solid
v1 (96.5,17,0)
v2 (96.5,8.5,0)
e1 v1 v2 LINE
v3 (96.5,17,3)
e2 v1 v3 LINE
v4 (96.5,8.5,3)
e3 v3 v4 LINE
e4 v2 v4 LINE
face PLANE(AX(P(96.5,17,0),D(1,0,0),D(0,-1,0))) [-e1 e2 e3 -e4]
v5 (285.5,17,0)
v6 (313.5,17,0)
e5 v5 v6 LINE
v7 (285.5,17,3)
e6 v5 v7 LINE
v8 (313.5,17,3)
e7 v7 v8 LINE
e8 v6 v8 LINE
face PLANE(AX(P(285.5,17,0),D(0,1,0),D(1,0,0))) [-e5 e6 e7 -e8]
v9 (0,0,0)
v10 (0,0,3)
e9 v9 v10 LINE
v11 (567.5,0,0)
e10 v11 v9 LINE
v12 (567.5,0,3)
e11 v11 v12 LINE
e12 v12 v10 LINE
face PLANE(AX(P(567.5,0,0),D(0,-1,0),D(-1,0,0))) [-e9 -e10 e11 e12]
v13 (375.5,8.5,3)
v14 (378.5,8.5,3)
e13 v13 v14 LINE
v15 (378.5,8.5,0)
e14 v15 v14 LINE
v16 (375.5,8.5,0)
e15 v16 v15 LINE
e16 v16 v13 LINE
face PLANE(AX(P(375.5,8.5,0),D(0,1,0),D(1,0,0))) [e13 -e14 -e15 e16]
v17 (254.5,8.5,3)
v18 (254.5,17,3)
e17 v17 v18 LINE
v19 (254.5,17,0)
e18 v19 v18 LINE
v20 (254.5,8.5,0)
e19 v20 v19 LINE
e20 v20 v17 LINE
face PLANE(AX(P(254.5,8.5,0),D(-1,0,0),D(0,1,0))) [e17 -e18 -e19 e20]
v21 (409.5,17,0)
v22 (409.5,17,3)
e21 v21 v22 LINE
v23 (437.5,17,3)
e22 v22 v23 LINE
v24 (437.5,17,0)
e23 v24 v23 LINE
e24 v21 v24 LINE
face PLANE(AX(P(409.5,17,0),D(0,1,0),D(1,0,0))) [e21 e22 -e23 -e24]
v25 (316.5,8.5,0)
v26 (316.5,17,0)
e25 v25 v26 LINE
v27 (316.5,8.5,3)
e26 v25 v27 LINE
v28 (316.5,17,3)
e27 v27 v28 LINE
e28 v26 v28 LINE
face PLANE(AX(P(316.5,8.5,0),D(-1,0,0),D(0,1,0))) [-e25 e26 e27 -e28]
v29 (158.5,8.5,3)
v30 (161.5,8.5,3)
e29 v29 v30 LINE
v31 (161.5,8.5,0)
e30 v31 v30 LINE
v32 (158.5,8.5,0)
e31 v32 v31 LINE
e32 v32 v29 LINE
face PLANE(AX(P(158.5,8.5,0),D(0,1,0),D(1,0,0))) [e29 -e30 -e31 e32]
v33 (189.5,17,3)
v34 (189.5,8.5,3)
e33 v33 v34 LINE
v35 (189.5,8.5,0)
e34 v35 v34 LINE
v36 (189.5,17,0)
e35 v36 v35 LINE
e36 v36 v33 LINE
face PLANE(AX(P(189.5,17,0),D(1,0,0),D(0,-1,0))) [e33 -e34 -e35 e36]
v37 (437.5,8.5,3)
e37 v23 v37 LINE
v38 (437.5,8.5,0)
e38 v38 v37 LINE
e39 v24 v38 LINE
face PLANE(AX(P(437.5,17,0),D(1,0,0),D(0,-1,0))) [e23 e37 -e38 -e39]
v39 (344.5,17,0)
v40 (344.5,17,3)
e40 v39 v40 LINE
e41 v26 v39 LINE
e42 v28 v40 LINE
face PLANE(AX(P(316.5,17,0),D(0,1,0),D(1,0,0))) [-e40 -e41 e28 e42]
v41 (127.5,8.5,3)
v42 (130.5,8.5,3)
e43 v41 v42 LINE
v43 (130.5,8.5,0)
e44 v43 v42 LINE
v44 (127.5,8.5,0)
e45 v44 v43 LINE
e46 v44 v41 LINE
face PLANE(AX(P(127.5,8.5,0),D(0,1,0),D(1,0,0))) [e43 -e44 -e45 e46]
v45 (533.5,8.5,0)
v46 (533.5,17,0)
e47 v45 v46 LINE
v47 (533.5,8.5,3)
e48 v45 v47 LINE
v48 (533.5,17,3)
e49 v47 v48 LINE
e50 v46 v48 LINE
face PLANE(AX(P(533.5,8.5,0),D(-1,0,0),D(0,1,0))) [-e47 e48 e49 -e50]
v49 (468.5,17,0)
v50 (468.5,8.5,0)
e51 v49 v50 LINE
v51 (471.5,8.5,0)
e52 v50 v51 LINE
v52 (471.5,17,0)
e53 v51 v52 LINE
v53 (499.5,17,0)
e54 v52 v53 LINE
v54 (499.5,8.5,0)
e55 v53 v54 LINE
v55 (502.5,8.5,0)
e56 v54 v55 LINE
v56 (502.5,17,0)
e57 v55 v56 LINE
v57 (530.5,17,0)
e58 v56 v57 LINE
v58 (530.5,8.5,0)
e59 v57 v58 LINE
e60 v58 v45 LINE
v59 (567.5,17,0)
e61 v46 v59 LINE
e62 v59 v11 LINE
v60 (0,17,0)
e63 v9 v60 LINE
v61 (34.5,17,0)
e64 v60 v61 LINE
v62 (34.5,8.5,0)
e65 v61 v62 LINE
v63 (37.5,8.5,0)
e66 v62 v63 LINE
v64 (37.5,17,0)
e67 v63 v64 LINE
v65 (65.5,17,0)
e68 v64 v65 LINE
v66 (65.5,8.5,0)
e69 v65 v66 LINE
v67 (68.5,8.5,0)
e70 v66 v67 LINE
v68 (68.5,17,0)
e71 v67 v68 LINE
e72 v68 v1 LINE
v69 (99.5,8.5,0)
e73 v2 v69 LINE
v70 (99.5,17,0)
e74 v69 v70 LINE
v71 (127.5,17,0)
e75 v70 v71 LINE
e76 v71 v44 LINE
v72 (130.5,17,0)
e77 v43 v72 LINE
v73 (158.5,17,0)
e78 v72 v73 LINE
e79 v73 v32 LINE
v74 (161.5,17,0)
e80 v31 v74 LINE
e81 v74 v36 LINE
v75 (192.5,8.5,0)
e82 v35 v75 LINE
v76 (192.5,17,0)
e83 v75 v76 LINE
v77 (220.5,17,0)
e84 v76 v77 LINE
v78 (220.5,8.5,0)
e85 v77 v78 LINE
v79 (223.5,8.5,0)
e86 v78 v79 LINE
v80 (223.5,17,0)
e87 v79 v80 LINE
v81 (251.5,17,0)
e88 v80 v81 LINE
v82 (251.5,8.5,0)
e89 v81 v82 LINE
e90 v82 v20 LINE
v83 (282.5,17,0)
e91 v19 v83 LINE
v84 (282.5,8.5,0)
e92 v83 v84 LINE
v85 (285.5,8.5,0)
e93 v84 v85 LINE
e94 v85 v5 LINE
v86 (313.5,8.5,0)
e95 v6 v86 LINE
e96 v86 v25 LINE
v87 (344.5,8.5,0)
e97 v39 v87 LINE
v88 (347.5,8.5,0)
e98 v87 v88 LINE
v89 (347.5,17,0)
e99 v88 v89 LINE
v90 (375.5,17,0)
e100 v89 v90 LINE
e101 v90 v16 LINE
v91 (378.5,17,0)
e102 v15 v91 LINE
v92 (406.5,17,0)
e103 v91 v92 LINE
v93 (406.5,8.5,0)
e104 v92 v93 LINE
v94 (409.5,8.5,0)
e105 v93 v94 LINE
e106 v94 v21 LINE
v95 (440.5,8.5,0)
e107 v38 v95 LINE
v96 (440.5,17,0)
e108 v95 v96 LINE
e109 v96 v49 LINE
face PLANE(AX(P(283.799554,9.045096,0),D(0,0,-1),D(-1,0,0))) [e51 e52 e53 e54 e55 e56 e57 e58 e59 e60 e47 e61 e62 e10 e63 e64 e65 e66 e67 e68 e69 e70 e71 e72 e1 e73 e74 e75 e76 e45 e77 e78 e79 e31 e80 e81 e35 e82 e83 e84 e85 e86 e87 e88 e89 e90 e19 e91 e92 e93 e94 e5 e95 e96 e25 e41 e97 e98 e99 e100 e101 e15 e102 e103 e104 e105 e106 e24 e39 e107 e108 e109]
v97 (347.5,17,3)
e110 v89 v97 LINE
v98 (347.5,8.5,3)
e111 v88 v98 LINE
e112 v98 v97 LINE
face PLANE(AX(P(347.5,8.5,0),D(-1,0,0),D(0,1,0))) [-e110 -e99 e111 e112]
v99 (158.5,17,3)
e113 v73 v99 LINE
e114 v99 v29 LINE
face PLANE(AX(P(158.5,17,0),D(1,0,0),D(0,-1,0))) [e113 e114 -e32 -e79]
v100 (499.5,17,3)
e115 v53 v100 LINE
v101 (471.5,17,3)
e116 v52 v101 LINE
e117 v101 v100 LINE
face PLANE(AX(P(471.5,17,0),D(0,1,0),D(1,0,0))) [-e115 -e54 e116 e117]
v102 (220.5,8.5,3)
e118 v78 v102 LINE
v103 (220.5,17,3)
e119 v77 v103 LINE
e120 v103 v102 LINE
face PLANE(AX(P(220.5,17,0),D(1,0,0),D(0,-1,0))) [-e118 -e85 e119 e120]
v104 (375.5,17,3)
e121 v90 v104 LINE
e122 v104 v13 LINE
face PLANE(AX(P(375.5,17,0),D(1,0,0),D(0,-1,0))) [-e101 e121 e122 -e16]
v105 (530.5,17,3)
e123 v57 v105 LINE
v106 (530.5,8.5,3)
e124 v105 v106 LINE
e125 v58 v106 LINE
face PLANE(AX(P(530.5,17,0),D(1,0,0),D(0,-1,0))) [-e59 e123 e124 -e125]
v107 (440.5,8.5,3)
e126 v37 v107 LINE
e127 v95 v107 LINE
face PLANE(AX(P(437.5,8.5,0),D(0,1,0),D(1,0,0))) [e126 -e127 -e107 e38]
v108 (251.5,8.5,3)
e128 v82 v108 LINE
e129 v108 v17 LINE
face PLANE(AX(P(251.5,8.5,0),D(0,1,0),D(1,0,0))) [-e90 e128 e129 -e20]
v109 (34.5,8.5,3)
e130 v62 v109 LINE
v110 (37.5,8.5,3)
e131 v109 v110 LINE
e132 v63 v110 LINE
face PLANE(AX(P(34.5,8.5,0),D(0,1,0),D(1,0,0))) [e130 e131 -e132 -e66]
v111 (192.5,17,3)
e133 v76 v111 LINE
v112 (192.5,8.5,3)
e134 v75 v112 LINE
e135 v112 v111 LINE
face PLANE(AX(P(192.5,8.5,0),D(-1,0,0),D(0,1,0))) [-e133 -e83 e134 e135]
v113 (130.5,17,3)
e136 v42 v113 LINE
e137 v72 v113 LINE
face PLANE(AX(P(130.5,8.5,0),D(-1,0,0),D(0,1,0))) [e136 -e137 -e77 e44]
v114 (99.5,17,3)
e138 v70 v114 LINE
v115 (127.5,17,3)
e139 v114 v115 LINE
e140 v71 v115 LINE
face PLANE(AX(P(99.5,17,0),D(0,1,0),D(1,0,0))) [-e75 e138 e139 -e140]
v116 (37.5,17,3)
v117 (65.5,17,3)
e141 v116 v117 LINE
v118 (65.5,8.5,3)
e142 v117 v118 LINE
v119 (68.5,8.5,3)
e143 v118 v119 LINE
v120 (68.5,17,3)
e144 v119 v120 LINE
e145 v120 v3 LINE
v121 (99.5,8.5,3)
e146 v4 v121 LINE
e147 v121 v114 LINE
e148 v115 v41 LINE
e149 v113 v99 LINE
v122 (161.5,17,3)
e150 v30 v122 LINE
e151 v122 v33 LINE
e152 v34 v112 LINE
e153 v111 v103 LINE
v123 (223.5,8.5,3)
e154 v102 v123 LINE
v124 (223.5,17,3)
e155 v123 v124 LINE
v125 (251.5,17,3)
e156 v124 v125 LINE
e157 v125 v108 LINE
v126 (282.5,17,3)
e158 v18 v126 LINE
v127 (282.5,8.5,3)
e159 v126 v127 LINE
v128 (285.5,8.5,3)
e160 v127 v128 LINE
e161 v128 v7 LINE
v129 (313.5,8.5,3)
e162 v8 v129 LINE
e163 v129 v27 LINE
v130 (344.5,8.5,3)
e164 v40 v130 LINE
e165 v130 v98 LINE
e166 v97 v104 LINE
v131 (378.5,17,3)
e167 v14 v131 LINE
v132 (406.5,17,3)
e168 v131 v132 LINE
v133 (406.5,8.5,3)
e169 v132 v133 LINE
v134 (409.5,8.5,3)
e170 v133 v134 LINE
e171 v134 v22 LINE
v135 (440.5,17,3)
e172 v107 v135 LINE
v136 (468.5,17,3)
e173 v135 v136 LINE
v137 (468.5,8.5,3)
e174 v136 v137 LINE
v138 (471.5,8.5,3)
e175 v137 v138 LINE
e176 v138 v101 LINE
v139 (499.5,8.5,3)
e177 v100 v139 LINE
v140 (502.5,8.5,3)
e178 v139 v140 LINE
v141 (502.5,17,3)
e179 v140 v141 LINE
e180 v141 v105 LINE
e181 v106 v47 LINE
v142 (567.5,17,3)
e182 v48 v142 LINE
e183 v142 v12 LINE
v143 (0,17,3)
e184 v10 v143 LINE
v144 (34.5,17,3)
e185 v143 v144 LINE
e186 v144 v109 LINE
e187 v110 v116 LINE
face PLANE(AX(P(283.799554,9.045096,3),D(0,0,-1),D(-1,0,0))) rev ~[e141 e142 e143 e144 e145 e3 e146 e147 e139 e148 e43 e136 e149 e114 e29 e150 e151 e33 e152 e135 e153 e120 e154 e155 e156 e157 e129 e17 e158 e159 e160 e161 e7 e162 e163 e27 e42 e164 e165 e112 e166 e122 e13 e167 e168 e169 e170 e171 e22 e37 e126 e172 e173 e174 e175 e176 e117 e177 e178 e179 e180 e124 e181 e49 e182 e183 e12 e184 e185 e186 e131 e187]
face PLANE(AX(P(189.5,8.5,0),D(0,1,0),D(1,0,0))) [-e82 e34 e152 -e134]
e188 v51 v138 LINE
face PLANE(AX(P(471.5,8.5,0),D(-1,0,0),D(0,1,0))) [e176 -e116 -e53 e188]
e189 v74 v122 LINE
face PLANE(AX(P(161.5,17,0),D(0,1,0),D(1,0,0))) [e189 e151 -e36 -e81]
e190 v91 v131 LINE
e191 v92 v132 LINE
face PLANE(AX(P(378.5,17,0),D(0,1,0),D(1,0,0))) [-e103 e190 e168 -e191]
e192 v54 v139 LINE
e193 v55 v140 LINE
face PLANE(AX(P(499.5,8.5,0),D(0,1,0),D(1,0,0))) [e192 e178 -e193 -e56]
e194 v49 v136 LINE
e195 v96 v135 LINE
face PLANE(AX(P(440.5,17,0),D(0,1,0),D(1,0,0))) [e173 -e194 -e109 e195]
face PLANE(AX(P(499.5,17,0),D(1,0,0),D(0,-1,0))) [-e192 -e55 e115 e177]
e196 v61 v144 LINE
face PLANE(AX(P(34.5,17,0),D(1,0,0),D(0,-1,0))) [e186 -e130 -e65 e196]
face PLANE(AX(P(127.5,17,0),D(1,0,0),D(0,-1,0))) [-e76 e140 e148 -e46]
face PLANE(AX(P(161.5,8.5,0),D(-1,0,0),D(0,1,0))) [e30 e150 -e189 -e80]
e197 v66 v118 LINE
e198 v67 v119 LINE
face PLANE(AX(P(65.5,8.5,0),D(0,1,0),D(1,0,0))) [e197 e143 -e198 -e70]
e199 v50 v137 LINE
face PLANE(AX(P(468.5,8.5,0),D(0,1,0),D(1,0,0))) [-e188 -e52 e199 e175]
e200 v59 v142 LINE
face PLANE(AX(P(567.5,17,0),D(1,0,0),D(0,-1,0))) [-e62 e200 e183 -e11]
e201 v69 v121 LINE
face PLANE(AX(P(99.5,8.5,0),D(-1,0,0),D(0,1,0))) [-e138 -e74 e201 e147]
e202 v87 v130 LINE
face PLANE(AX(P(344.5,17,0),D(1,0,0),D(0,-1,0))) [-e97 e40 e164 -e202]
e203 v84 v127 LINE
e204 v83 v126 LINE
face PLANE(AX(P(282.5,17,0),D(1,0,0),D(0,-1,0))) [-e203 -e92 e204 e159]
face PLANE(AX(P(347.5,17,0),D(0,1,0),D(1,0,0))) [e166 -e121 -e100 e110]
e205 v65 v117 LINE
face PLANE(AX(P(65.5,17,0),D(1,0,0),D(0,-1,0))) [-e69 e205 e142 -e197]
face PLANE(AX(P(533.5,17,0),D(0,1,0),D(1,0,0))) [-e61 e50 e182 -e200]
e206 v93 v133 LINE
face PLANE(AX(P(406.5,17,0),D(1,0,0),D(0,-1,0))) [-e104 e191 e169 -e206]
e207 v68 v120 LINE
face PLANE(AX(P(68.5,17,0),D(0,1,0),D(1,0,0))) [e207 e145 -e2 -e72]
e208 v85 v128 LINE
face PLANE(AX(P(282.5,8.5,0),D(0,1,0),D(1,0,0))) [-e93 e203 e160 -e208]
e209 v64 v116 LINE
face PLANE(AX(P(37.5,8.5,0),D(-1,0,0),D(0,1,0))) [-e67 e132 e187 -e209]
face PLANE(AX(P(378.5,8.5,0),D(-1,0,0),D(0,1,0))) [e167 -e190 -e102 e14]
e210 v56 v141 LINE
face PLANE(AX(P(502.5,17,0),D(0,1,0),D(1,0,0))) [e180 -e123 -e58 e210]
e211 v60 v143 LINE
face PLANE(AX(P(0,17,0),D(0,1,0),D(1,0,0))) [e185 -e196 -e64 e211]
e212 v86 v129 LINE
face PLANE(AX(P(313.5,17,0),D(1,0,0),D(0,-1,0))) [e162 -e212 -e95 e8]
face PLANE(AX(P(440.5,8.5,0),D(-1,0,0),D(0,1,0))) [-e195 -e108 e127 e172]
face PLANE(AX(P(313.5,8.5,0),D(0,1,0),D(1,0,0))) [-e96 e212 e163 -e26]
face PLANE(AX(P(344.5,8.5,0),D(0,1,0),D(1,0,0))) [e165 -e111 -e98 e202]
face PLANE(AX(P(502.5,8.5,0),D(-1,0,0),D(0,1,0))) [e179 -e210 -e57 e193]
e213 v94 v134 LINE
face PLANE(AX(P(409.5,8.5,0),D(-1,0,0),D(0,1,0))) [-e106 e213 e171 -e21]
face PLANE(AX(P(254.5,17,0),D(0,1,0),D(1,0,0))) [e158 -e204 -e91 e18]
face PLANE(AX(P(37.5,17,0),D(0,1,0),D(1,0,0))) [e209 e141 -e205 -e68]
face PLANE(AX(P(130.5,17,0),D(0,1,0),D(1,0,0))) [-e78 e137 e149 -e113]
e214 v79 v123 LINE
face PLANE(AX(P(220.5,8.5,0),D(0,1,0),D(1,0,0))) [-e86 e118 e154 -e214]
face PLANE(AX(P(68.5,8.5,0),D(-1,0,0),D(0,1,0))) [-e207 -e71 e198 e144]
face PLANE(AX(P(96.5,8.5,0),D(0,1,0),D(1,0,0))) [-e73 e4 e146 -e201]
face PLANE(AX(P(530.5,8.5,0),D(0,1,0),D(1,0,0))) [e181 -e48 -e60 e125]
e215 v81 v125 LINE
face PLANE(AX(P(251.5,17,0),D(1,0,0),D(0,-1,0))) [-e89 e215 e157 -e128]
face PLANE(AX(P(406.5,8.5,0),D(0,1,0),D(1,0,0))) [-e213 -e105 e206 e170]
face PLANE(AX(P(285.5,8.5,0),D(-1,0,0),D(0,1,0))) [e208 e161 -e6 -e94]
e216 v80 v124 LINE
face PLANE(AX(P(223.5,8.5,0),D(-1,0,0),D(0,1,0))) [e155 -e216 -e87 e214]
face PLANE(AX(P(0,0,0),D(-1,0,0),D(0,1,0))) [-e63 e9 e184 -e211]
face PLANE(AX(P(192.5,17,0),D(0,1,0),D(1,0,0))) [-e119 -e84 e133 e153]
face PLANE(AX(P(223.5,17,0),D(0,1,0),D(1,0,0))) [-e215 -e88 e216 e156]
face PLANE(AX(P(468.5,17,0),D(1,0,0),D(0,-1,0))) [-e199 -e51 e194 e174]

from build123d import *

# Parameters (mm, degrees)
PAD_DEPTH = 3


with BuildPart() as part:
    # Sketch → Pad (new body)
    with BuildSketch(Plane.XY):
        Polygon((0, 0), (0, 17), (34.5, 17), (34.5, 8.5), (37.5, 8.5), (37.5, 17), (65.5, 17), (65.5, 8.5), (68.5, 8.5), (68.5, 17), (96.5, 17), (96.5, 8.5), (99.5, 8.5), (99.5, 17), (127.5, 17), (127.5, 8.5), (130.5, 8.5), (130.5, 17), (158.5, 17), (158.5, 8.5), (161.5, 8.5), (161.5, 17), (189.5, 17), (189.5, 8.5), (192.5, 8.5), (192.5, 17), (220.5, 17), (220.5, 8.5), (223.5, 8.5), (223.5, 17), (251.5, 17), (251.5, 8.5), (254.5, 8.5), (254.5, 17), (282.5, 17), (282.5, 8.5), (285.5, 8.5), (285.5, 17), (313.5, 17), (313.5, 8.5), (316.5, 8.5), (316.5, 17), (344.5, 17), (344.5, 8.5), (347.5, 8.5), (347.5, 17), (375.5, 17), (375.5, 8.5), (378.5, 8.5), (378.5, 17), (406.5, 17), (406.5, 8.5), (409.5, 8.5), (409.5, 17), (437.5, 17), (437.5, 8.5), (440.5, 8.5), (440.5, 17), (468.5, 17), (468.5, 8.5), (471.5, 8.5), (471.5, 17), (499.5, 17), (499.5, 8.5), (502.5, 8.5), (502.5, 17), (530.5, 17), (530.5, 8.5), (533.5, 8.5), (533.5, 17), (567.5, 17), (567.5, 0), align=None)
    extrude(amount=PAD_DEPTH)


solid = part.part
